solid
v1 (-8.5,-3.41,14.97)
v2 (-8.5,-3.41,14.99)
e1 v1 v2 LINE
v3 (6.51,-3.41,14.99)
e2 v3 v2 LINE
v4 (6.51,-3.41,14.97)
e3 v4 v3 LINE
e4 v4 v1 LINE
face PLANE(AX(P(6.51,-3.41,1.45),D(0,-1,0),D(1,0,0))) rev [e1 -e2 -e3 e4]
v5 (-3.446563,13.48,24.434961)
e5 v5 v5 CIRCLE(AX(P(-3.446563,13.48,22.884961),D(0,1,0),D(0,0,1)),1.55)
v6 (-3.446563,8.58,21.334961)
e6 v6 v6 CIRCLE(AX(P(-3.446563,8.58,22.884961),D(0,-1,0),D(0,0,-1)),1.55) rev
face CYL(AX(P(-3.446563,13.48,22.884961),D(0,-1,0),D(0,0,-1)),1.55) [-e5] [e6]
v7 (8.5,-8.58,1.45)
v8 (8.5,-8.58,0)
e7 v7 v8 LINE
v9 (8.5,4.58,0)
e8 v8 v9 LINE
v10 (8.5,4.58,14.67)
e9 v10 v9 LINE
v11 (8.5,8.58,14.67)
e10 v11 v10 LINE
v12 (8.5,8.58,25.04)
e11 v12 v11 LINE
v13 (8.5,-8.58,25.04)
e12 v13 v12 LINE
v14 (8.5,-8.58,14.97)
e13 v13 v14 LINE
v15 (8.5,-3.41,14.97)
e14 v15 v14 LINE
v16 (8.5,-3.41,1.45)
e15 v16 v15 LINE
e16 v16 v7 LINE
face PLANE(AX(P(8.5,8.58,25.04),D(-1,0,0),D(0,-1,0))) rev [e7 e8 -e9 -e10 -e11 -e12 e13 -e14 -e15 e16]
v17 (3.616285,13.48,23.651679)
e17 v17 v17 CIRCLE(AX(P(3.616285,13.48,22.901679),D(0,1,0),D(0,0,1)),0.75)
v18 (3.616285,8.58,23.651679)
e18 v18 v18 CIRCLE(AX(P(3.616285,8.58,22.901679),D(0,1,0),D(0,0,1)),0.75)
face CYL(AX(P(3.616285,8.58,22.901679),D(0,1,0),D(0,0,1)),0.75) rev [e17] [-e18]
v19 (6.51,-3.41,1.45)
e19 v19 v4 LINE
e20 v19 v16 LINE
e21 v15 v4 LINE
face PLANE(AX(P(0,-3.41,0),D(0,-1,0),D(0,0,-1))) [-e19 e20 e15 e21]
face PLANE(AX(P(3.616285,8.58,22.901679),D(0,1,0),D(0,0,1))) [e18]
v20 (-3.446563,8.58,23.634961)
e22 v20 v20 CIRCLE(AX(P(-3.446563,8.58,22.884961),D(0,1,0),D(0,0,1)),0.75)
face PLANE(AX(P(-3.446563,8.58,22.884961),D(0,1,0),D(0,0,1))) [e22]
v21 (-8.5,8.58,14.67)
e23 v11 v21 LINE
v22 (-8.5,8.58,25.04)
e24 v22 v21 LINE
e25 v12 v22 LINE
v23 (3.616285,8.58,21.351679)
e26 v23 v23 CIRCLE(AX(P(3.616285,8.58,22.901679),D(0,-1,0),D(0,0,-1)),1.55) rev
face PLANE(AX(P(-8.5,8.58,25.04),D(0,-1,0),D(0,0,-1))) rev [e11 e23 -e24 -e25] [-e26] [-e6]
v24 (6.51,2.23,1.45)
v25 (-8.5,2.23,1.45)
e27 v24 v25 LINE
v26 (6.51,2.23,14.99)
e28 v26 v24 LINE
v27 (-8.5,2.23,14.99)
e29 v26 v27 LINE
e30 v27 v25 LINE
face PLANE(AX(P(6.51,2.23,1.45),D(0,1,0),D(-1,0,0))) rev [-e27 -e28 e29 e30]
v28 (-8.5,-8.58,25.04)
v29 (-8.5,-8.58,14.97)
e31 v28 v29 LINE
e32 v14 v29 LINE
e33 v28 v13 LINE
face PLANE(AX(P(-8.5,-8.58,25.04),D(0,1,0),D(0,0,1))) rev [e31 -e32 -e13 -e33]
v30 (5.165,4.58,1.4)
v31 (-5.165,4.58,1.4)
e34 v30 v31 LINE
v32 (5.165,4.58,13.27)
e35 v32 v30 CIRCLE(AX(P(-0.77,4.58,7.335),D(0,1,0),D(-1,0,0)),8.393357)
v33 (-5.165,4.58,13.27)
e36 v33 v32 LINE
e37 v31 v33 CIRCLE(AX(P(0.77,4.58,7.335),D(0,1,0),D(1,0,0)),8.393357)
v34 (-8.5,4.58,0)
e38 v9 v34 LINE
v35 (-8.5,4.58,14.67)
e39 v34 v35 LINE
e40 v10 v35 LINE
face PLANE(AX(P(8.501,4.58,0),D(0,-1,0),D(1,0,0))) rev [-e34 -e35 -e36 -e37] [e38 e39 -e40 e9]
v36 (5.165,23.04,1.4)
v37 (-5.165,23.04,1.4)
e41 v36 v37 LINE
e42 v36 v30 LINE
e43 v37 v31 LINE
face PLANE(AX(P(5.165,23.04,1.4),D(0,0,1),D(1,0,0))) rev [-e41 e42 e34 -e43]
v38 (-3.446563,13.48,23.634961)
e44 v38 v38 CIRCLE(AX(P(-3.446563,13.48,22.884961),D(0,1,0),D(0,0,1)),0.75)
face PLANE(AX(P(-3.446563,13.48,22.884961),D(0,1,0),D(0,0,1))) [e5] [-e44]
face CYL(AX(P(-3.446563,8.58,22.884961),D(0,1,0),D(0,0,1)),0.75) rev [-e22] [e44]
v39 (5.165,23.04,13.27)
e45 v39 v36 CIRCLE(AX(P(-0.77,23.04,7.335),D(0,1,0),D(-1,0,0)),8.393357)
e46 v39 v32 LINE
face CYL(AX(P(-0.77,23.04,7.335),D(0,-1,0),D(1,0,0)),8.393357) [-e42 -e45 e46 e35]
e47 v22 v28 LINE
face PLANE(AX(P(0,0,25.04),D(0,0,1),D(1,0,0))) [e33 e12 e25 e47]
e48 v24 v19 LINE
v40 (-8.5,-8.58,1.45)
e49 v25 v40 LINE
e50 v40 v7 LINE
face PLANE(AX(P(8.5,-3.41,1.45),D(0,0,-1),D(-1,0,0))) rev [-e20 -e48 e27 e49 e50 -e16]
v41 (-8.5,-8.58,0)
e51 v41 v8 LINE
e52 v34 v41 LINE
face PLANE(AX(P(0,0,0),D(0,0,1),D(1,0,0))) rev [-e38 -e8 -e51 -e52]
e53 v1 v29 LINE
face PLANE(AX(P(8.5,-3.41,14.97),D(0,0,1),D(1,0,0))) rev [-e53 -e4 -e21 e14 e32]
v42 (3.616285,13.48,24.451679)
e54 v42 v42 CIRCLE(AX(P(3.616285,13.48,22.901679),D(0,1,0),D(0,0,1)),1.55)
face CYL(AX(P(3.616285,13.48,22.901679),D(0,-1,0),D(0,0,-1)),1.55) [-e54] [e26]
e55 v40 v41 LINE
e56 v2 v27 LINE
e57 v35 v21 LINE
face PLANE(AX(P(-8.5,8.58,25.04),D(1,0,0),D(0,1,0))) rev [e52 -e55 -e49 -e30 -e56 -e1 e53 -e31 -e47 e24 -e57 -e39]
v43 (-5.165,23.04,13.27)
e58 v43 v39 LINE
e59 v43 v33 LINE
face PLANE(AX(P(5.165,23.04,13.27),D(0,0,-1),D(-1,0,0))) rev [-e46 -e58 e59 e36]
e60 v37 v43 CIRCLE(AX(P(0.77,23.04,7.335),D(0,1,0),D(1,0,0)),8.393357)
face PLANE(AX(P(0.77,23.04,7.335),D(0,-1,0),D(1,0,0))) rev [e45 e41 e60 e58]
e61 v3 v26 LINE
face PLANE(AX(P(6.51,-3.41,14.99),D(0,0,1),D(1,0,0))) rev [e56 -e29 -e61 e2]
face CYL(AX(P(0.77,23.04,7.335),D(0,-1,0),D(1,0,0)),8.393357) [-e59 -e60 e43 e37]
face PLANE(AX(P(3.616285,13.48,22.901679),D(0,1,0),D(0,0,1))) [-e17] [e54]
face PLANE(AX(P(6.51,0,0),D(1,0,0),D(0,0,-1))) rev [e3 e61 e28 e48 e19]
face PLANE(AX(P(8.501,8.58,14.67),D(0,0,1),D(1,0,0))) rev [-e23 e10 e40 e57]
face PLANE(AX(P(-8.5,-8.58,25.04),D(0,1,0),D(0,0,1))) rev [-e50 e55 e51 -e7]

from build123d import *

# Parameters (mm, degrees)
SKETCH2_W           = 17
SKETCH2_H           = 17.16
BOSS_EXTRUDE1_DEPTH = 25.04
SKETCH3_R           = 1.55
BOSS_EXTRUDE2_DEPTH = 4.9
SKETCH4_R           = 0.75
CUT_EXTRUDE1_DEPTH  = 4.9
SKETCH6_R           = 0.75
CUT_EXTRUDE3_DEPTH  = 4.9
SKETCH7_W           = 17
SKETCH7_H           = 13.52
CUT_EXTRUDE4_DEPTH  = 5.17
CUT_EXTRUDE5_REACH  = 35.132
SKETCH8_W           = 14.67
SKETCH8_H           = 4
SKETCH9_W           = 13.54
SKETCH9_H           = 5.64
CUT_EXTRUDE7_DEPTH  = 15.01
BOSS_EXTRUDE3_DEPTH = 18.46


with BuildPart() as part:
    # Sketch2 → Boss-Extrude1 (new body)
    with BuildSketch(Plane.XY):
        Rectangle(SKETCH2_W, SKETCH2_H)
    extrude(amount=BOSS_EXTRUDE1_DEPTH)

    # Sketch3 → Boss-Extrude2 (add)
    with BuildSketch(Plane(origin=(0, 8.58, 0), x_dir=(1, 0, 0), z_dir=(0, 1, 0))):
        with Locations(Location((3.616285273, -22.901678995, 0), (0, 0, 90))):
            Circle(SKETCH3_R)
        with Locations(Location((-3.446563333, -22.884960512, 0), (0, 0, 90))):
            Circle(SKETCH3_R)
    extrude(amount=BOSS_EXTRUDE2_DEPTH)

    # Sketch4 → Cut-Extrude1 (cut)
    with BuildSketch(Plane(origin=(0, 13.48, 0), x_dir=(1, 0, 0), z_dir=(0, 1, 0))):
        with Locations(Location((3.616285273, -22.901678995, 0), (0, 0, 270))):
            Circle(SKETCH4_R)
    extrude(amount=-CUT_EXTRUDE1_DEPTH, mode=Mode.SUBTRACT)

    # Sketch6 → Cut-Extrude3 (cut)
    with BuildSketch(Plane(origin=(0, 13.48, 0), x_dir=(1, 0, 0), z_dir=(0, 1, 0))):
        with Locations(Location((-3.446563333, -22.884960512, 0), (0, 0, 270))):
            Circle(SKETCH6_R)
    extrude(amount=-CUT_EXTRUDE3_DEPTH, mode=Mode.SUBTRACT)

    # Sketch7 → Cut-Extrude4 (cut)
    with BuildSketch(Plane.XZ.offset(8.58)):
        with Locations((0, 8.21)):
            Rectangle(SKETCH7_W, SKETCH7_H)
    extrude(amount=-CUT_EXTRUDE4_DEPTH, mode=Mode.SUBTRACT)

    # Sketch8 → Cut-Extrude5 (cut, up to next)
    with BuildSketch(Plane.ZY.offset(8.5), mode=Mode.PRIVATE) as cut_extrude5_sk1:
        with Locations((7.335, 6.58)):
            Rectangle(SKETCH8_W, SKETCH8_H)
    cut_extrude5_tool1 = extrude(cut_extrude5_sk1.sketch, amount=-CUT_EXTRUDE5_REACH, mode=Mode.PRIVATE) & part.part
    add(cut_extrude5_tool1.solids().sort_by_distance((-8.5, 6.58, 7.335))[0], mode=Mode.SUBTRACT)

    # Sketch9 → Cut-Extrude7 (cut)
    with BuildSketch(Plane.ZY.offset(8.5)):
        with Locations((8.22, -0.59)):
            Rectangle(SKETCH9_W, SKETCH9_H)
    extrude(amount=-CUT_EXTRUDE7_DEPTH, mode=Mode.SUBTRACT)

    # Sketch10 → Boss-Extrude3 (add)
    with BuildSketch(Plane(origin=(0, 4.58, 0), x_dir=(1, 0, 0), z_dir=(0, 1, 0))):
        with BuildLine():
            Line((5.165, -13.27), (-5.165, -13.27))
            ThreePointArc((-5.165, -13.27), (-7.623357493, -7.335), (-5.165, -1.4))
            Line((-5.165, -1.4), (5.165, -1.4))
            ThreePointArc((5.165, -1.4), (7.623357493, -7.335), (5.165, -13.27))
        make_face()
    extrude(amount=BOSS_EXTRUDE3_DEPTH)


solid = part.part
